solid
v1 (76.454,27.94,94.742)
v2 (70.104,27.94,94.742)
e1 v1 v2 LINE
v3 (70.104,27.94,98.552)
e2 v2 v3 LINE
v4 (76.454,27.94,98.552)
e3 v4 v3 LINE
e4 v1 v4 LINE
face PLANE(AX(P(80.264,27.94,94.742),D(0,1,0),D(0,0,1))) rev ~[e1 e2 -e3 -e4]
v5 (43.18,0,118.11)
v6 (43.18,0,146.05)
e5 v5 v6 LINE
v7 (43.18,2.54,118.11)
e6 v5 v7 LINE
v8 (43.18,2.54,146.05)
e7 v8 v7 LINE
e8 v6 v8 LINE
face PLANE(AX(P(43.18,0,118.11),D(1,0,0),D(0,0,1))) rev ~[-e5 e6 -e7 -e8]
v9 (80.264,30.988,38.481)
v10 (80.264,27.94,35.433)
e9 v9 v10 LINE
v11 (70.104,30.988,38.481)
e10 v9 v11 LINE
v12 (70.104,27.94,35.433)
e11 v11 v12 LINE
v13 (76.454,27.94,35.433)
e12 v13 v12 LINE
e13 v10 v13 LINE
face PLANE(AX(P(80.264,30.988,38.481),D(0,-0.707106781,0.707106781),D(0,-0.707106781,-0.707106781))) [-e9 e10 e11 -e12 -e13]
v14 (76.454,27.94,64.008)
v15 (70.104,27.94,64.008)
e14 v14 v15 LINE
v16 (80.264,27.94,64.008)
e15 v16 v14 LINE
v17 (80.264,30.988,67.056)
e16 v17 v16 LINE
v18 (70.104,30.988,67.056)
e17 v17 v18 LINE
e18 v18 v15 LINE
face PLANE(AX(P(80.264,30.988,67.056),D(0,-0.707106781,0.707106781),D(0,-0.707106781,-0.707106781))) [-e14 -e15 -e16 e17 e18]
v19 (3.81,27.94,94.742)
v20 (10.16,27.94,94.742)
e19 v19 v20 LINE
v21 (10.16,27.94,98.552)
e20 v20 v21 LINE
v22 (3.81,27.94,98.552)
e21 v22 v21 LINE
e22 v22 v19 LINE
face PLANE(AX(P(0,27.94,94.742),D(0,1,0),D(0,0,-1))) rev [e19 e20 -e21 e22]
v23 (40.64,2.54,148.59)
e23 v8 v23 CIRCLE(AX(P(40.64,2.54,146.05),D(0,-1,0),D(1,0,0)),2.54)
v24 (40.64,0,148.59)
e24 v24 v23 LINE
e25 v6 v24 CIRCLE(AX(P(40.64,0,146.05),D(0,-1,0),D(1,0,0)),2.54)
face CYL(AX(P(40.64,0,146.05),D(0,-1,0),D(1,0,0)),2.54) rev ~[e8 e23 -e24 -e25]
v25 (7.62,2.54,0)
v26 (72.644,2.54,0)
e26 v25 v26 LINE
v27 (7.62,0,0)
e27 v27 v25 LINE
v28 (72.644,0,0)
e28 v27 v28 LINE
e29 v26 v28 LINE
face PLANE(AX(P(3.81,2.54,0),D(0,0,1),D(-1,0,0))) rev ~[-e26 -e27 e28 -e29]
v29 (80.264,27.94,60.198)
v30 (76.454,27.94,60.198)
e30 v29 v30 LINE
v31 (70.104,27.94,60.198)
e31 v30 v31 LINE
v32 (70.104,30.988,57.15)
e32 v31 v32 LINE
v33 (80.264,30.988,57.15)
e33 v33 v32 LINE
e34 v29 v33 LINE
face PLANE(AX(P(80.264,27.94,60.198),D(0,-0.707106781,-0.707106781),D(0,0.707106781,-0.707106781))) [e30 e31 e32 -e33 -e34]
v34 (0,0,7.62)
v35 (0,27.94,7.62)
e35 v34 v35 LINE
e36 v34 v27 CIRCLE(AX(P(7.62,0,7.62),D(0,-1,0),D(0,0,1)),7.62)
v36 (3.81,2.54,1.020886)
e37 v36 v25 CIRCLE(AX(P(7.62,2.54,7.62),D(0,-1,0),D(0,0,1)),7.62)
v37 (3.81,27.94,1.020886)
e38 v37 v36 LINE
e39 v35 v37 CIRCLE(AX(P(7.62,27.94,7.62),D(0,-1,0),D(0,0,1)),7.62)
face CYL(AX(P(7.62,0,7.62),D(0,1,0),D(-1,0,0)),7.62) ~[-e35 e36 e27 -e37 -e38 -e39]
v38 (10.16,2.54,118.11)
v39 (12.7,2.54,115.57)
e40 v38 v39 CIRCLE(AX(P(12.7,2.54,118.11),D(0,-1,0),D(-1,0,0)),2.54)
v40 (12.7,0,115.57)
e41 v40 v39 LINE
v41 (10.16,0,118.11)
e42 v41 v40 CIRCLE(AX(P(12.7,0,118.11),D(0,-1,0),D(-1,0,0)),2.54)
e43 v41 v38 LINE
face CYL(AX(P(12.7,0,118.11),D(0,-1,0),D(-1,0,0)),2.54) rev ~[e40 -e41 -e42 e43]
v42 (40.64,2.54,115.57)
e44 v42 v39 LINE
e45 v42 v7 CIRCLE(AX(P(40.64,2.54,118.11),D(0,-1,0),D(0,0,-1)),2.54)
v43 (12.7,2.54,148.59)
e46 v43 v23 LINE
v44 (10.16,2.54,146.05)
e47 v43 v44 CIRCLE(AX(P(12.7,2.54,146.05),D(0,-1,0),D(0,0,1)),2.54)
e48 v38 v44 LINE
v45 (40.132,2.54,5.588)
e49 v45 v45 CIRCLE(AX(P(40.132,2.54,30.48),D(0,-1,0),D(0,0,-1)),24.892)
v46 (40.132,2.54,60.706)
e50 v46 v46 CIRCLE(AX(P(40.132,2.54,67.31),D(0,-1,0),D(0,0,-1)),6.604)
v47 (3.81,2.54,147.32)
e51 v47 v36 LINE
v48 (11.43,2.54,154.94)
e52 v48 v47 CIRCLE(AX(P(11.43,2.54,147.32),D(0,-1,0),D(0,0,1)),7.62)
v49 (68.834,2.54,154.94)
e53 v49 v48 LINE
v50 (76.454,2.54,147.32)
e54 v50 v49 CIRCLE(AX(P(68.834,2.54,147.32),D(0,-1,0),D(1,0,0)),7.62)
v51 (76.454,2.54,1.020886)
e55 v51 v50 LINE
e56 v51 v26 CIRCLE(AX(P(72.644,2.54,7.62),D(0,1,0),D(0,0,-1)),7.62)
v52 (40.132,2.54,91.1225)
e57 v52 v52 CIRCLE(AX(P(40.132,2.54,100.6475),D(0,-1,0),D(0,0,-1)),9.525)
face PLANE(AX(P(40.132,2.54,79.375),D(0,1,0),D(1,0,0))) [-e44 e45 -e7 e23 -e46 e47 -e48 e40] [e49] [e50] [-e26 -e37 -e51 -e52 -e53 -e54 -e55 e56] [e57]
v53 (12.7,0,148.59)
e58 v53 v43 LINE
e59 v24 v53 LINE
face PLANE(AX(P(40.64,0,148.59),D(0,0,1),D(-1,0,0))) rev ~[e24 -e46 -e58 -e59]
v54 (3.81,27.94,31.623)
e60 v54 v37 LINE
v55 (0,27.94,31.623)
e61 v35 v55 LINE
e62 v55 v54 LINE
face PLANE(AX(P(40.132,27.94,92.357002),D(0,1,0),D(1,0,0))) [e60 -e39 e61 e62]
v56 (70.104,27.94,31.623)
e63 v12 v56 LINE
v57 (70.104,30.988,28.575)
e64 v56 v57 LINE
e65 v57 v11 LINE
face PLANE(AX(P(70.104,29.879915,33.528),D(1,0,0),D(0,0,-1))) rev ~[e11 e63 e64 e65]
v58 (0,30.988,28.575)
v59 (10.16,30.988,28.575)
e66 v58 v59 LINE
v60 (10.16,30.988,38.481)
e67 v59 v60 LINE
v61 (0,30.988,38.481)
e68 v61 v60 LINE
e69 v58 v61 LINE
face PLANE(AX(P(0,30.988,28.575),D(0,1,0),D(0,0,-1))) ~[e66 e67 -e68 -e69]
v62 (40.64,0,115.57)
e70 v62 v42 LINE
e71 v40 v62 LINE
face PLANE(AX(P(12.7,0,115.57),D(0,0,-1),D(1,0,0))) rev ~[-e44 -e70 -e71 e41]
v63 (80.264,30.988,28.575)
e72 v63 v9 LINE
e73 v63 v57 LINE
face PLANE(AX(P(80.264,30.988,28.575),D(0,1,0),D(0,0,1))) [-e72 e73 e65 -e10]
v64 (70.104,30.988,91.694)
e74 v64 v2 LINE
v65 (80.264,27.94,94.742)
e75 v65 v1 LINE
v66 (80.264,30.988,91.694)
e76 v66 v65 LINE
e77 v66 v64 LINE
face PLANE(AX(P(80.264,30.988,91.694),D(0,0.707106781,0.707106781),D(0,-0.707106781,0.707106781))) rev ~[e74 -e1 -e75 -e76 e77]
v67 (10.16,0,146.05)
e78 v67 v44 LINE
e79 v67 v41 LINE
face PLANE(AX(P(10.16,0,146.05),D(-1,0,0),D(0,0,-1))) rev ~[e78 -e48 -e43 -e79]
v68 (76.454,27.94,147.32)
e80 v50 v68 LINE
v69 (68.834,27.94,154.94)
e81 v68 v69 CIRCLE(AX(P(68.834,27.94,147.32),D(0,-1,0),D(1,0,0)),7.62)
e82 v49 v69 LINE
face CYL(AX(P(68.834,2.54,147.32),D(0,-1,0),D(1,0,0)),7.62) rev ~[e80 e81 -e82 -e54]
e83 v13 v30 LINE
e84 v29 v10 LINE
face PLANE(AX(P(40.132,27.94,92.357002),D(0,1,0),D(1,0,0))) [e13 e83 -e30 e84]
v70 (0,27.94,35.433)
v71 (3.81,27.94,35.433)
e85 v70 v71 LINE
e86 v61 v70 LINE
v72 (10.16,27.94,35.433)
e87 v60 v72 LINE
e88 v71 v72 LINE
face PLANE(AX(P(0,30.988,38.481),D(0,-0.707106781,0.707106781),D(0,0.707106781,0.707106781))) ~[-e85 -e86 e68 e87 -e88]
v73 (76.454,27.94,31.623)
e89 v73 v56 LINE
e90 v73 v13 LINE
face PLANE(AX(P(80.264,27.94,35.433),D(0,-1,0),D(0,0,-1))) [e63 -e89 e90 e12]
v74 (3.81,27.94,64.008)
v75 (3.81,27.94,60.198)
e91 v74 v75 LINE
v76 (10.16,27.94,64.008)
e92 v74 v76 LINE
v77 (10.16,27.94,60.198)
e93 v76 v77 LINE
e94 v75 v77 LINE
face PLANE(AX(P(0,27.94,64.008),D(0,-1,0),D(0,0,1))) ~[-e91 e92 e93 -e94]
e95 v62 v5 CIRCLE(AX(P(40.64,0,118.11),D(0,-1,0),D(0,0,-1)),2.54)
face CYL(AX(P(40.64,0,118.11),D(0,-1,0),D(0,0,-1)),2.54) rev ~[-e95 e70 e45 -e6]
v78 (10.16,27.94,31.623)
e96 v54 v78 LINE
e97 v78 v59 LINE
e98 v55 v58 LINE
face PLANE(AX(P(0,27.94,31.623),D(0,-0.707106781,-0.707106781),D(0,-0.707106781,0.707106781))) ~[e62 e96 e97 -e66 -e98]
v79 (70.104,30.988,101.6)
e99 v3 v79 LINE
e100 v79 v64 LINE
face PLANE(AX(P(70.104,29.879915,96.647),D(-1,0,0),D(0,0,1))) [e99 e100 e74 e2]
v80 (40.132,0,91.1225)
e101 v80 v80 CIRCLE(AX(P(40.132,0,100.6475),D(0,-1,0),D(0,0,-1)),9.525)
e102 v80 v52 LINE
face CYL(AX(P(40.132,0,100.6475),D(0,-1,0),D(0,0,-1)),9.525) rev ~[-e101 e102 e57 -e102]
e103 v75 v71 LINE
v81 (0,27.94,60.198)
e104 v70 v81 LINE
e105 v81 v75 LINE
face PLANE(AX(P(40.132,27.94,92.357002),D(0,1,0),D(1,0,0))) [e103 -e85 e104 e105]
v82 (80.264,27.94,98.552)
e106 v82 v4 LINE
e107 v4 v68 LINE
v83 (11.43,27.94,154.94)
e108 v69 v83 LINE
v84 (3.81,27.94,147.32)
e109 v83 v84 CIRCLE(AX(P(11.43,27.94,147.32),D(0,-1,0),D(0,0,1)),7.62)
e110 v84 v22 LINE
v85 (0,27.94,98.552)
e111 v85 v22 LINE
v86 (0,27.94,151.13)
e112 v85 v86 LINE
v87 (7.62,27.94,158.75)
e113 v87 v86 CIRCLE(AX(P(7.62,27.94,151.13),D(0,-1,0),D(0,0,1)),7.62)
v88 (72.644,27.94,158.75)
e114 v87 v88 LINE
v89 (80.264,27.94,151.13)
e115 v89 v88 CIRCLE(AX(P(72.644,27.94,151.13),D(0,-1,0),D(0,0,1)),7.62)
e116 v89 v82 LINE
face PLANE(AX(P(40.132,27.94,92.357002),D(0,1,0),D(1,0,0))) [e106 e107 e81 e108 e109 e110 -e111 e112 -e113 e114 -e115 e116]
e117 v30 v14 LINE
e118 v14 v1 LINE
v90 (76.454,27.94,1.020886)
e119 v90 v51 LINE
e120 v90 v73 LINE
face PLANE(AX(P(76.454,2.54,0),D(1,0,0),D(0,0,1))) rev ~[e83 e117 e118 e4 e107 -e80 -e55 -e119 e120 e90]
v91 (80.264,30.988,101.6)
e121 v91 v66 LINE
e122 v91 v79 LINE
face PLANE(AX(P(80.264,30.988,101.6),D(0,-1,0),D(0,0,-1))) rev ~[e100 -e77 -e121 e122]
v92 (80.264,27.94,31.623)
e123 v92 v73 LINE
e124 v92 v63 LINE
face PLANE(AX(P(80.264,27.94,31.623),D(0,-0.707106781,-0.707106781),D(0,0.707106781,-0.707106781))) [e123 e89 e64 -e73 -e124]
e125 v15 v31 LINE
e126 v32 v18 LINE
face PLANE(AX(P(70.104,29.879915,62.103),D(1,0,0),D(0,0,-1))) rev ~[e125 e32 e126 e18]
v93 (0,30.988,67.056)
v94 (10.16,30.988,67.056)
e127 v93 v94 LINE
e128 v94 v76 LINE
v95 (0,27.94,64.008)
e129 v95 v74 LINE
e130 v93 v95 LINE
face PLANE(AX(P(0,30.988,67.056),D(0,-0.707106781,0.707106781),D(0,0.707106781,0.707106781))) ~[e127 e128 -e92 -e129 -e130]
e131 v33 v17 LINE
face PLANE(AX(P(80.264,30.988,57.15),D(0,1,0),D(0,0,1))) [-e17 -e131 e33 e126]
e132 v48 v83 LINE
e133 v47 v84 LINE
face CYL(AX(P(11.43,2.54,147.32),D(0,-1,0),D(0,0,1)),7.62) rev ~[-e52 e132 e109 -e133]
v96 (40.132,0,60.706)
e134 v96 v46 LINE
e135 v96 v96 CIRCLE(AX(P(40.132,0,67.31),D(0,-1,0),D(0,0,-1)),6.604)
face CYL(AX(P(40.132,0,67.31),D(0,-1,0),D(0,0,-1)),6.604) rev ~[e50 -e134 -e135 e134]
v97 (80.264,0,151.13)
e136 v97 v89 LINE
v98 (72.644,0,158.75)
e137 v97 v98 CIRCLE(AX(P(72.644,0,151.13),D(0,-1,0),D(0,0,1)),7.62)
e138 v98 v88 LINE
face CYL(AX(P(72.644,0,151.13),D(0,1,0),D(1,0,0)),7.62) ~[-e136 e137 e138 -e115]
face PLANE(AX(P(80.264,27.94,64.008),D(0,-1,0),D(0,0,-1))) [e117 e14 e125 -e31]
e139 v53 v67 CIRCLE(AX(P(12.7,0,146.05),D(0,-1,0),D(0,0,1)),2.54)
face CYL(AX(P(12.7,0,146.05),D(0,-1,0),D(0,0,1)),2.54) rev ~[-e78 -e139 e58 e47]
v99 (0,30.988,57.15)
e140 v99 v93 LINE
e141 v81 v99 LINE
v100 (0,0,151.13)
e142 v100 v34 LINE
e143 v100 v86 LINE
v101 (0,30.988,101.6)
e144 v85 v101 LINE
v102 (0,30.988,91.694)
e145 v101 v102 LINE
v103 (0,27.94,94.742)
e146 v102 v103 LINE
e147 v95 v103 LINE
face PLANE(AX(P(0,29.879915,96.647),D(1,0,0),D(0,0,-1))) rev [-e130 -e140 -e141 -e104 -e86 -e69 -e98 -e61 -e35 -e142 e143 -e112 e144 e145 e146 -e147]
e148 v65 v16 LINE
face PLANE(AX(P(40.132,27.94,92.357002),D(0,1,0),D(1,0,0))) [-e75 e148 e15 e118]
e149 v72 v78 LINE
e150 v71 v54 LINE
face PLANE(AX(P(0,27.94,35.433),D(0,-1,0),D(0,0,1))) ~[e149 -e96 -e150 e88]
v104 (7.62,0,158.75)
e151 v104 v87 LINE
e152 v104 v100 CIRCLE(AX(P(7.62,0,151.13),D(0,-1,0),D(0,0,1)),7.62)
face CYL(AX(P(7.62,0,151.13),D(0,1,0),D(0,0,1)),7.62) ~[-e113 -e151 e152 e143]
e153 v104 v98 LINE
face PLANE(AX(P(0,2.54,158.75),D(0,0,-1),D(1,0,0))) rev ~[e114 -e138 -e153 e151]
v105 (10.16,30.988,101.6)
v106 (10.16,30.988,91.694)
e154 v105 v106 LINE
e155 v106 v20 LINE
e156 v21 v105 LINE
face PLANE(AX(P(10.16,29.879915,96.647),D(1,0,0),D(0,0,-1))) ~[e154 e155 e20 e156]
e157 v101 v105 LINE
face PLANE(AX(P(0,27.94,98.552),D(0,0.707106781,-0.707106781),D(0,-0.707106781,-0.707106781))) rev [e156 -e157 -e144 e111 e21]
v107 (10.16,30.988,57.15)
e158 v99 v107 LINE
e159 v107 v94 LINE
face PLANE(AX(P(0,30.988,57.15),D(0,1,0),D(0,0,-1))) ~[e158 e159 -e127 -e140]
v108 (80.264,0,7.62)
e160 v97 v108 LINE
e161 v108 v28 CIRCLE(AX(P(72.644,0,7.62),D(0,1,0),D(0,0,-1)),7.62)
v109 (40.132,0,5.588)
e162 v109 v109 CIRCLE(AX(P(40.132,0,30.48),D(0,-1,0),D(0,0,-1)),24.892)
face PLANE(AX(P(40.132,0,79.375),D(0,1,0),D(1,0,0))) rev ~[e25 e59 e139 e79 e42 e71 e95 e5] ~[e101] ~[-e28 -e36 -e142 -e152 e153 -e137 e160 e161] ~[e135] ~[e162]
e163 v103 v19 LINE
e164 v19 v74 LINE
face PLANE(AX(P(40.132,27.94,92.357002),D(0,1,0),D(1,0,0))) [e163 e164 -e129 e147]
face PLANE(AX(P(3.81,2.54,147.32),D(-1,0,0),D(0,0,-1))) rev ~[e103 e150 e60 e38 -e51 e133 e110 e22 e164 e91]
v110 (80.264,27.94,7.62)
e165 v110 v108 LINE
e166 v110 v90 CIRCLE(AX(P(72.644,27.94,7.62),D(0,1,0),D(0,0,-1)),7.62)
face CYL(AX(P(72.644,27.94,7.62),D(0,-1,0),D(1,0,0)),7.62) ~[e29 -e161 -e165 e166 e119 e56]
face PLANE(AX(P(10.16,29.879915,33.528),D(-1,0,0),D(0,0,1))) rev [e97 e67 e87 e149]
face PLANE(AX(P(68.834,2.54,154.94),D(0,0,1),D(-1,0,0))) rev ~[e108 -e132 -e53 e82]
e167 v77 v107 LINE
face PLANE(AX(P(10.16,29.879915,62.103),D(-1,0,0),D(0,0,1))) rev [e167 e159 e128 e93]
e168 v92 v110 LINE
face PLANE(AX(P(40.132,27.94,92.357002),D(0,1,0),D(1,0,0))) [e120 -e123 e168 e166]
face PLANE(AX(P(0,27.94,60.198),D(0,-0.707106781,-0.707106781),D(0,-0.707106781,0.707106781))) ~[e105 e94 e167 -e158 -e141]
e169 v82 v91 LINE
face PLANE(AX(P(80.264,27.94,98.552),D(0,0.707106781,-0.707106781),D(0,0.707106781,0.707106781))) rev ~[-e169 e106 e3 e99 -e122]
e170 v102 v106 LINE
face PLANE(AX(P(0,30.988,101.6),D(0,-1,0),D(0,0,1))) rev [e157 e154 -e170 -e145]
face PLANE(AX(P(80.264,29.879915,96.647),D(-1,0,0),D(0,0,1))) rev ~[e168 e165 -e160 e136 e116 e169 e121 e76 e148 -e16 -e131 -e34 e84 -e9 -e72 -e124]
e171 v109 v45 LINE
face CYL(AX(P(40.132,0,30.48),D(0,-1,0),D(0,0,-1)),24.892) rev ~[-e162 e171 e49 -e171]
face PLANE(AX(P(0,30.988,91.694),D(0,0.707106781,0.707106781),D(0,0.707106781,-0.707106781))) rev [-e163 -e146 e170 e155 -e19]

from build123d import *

# Parameters (mm, degrees)
SKETCH1_W           = 80.264
SKETCH1_H           = 158.75
BOSS_EXTRUDE1_DEPTH = 2.54
BOSS_EXTRUDE2_DEPTH = 25.4
FILLET1_R           = 7.62
SKETCH7_R           = 6.604
SKETCH7_R_2         = 9.525
SKETCH7_R_3         = 24.892
CUT_EXTRUDE1_DEPTH  = 181.068086556
BOSS_EXTRUDE3_DEPTH = 10.16


with BuildPart() as part:
    # Sketch1 → Boss-Extrude1 (new body)
    with BuildSketch(Plane(origin=(0, 0, 0), x_dir=(1, 0, 0), z_dir=(0, 1, 0))):
        with Locations((40.132, -79.375)):
            Rectangle(SKETCH1_W, SKETCH1_H)
    extrude(amount=BOSS_EXTRUDE1_DEPTH)

    # Sketch2 → Boss-Extrude2 (add)
    with BuildSketch(Plane(origin=(0, 2.54, 0), x_dir=(1, 0, 0), z_dir=(0, 1, 0))):
        with BuildLine():
            Line((3.81, -147.32), (3.81, -11.43))
            Line((3.81, -11.43), (3.81, 0))
            Line((3.81, 0), (0, 0))
            Line((0, 0), (0, -158.75))
            Line((0, -158.75), (80.264, -158.75))
            Line((80.264, -158.75), (80.264, 0))
            Line((80.264, 0), (76.454, 0))
            Line((76.454, 0), (76.454, -11.43))
            Line((76.454, -11.43), (76.454, -147.32))
            ThreePointArc((76.454, -147.32), (74.222153673, -152.708153673), (68.834, -154.94))
            Line((68.834, -154.94), (11.43, -154.94))
            ThreePointArc((11.43, -154.94), (6.041846327, -152.708153673), (3.81, -147.32))
        make_face()
    extrude(amount=BOSS_EXTRUDE2_DEPTH)

    # Fillet1
    fillet1_edges = [part.edges().sort_by_distance(p)[0] for p in [
        (0, 13.97, 0),
        (80.264, 13.97, 0),
        (80.264, 13.97, 158.75),
        (0, 13.97, 158.75),
    ]]
    fillet(fillet1_edges, radius=FILLET1_R)

    # Sketch7 → Cut-Extrude1 (cut, through all)
    with BuildSketch(Plane.XZ):
        with Locations(Location((40.132, 67.31, 0), (0, 0, 270))):
            Circle(SKETCH7_R)
        with Locations(Location((40.132, 100.6475, 0), (0, 0, 270))):
            Circle(SKETCH7_R_2)
        with Locations(Location((40.132, 30.48, 0), (0, 0, 270))):
            Circle(SKETCH7_R_3)
        with BuildLine():
            Line((40.64, 148.59), (12.7, 148.59))
            ThreePointArc((12.7, 148.59), (10.903948776, 147.846051224), (10.16, 146.05))
            Line((10.16, 146.05), (10.16, 118.11))
            ThreePointArc((10.16, 118.11), (10.903948776, 116.313948776), (12.7, 115.57))
            Line((12.7, 115.57), (40.64, 115.57))
            ThreePointArc((40.64, 115.57), (42.436051224, 116.313948776), (43.18, 118.11))
            Line((43.18, 118.11), (43.18, 146.05))
            ThreePointArc((43.18, 146.05), (42.436051224, 147.846051224), (40.64, 148.59))
        make_face()
    extrude(amount=-CUT_EXTRUDE1_DEPTH, mode=Mode.SUBTRACT)

    # Sketch8 → Boss-Extrude3 (add)
    with BuildSketch(Plane(origin=(80.264, 0, 0), x_dir=(0, 0, -1), z_dir=(1, 0, 0))):
        Polygon((-98.552, 27.94), (-101.6, 30.988), (-91.694, 30.988), (-94.742, 27.94), align=None)
        Polygon((-64.008, 27.94), (-60.198, 27.94), (-57.15, 30.988), (-67.056, 30.988), align=None)
        Polygon((-38.481, 30.988), (-35.433, 27.94), (-31.623, 27.94), (-28.575, 30.988), align=None)
    boss_extrude3 = extrude(amount=-BOSS_EXTRUDE3_DEPTH)

    # Mirror3: Boss-Extrude3 across plane
    add(boss_extrude3.mirror(Plane(origin=(40.132, 0, 0), x_dir=(0, 0, 1), z_dir=(1, 0, 0))))


solid = part.part
